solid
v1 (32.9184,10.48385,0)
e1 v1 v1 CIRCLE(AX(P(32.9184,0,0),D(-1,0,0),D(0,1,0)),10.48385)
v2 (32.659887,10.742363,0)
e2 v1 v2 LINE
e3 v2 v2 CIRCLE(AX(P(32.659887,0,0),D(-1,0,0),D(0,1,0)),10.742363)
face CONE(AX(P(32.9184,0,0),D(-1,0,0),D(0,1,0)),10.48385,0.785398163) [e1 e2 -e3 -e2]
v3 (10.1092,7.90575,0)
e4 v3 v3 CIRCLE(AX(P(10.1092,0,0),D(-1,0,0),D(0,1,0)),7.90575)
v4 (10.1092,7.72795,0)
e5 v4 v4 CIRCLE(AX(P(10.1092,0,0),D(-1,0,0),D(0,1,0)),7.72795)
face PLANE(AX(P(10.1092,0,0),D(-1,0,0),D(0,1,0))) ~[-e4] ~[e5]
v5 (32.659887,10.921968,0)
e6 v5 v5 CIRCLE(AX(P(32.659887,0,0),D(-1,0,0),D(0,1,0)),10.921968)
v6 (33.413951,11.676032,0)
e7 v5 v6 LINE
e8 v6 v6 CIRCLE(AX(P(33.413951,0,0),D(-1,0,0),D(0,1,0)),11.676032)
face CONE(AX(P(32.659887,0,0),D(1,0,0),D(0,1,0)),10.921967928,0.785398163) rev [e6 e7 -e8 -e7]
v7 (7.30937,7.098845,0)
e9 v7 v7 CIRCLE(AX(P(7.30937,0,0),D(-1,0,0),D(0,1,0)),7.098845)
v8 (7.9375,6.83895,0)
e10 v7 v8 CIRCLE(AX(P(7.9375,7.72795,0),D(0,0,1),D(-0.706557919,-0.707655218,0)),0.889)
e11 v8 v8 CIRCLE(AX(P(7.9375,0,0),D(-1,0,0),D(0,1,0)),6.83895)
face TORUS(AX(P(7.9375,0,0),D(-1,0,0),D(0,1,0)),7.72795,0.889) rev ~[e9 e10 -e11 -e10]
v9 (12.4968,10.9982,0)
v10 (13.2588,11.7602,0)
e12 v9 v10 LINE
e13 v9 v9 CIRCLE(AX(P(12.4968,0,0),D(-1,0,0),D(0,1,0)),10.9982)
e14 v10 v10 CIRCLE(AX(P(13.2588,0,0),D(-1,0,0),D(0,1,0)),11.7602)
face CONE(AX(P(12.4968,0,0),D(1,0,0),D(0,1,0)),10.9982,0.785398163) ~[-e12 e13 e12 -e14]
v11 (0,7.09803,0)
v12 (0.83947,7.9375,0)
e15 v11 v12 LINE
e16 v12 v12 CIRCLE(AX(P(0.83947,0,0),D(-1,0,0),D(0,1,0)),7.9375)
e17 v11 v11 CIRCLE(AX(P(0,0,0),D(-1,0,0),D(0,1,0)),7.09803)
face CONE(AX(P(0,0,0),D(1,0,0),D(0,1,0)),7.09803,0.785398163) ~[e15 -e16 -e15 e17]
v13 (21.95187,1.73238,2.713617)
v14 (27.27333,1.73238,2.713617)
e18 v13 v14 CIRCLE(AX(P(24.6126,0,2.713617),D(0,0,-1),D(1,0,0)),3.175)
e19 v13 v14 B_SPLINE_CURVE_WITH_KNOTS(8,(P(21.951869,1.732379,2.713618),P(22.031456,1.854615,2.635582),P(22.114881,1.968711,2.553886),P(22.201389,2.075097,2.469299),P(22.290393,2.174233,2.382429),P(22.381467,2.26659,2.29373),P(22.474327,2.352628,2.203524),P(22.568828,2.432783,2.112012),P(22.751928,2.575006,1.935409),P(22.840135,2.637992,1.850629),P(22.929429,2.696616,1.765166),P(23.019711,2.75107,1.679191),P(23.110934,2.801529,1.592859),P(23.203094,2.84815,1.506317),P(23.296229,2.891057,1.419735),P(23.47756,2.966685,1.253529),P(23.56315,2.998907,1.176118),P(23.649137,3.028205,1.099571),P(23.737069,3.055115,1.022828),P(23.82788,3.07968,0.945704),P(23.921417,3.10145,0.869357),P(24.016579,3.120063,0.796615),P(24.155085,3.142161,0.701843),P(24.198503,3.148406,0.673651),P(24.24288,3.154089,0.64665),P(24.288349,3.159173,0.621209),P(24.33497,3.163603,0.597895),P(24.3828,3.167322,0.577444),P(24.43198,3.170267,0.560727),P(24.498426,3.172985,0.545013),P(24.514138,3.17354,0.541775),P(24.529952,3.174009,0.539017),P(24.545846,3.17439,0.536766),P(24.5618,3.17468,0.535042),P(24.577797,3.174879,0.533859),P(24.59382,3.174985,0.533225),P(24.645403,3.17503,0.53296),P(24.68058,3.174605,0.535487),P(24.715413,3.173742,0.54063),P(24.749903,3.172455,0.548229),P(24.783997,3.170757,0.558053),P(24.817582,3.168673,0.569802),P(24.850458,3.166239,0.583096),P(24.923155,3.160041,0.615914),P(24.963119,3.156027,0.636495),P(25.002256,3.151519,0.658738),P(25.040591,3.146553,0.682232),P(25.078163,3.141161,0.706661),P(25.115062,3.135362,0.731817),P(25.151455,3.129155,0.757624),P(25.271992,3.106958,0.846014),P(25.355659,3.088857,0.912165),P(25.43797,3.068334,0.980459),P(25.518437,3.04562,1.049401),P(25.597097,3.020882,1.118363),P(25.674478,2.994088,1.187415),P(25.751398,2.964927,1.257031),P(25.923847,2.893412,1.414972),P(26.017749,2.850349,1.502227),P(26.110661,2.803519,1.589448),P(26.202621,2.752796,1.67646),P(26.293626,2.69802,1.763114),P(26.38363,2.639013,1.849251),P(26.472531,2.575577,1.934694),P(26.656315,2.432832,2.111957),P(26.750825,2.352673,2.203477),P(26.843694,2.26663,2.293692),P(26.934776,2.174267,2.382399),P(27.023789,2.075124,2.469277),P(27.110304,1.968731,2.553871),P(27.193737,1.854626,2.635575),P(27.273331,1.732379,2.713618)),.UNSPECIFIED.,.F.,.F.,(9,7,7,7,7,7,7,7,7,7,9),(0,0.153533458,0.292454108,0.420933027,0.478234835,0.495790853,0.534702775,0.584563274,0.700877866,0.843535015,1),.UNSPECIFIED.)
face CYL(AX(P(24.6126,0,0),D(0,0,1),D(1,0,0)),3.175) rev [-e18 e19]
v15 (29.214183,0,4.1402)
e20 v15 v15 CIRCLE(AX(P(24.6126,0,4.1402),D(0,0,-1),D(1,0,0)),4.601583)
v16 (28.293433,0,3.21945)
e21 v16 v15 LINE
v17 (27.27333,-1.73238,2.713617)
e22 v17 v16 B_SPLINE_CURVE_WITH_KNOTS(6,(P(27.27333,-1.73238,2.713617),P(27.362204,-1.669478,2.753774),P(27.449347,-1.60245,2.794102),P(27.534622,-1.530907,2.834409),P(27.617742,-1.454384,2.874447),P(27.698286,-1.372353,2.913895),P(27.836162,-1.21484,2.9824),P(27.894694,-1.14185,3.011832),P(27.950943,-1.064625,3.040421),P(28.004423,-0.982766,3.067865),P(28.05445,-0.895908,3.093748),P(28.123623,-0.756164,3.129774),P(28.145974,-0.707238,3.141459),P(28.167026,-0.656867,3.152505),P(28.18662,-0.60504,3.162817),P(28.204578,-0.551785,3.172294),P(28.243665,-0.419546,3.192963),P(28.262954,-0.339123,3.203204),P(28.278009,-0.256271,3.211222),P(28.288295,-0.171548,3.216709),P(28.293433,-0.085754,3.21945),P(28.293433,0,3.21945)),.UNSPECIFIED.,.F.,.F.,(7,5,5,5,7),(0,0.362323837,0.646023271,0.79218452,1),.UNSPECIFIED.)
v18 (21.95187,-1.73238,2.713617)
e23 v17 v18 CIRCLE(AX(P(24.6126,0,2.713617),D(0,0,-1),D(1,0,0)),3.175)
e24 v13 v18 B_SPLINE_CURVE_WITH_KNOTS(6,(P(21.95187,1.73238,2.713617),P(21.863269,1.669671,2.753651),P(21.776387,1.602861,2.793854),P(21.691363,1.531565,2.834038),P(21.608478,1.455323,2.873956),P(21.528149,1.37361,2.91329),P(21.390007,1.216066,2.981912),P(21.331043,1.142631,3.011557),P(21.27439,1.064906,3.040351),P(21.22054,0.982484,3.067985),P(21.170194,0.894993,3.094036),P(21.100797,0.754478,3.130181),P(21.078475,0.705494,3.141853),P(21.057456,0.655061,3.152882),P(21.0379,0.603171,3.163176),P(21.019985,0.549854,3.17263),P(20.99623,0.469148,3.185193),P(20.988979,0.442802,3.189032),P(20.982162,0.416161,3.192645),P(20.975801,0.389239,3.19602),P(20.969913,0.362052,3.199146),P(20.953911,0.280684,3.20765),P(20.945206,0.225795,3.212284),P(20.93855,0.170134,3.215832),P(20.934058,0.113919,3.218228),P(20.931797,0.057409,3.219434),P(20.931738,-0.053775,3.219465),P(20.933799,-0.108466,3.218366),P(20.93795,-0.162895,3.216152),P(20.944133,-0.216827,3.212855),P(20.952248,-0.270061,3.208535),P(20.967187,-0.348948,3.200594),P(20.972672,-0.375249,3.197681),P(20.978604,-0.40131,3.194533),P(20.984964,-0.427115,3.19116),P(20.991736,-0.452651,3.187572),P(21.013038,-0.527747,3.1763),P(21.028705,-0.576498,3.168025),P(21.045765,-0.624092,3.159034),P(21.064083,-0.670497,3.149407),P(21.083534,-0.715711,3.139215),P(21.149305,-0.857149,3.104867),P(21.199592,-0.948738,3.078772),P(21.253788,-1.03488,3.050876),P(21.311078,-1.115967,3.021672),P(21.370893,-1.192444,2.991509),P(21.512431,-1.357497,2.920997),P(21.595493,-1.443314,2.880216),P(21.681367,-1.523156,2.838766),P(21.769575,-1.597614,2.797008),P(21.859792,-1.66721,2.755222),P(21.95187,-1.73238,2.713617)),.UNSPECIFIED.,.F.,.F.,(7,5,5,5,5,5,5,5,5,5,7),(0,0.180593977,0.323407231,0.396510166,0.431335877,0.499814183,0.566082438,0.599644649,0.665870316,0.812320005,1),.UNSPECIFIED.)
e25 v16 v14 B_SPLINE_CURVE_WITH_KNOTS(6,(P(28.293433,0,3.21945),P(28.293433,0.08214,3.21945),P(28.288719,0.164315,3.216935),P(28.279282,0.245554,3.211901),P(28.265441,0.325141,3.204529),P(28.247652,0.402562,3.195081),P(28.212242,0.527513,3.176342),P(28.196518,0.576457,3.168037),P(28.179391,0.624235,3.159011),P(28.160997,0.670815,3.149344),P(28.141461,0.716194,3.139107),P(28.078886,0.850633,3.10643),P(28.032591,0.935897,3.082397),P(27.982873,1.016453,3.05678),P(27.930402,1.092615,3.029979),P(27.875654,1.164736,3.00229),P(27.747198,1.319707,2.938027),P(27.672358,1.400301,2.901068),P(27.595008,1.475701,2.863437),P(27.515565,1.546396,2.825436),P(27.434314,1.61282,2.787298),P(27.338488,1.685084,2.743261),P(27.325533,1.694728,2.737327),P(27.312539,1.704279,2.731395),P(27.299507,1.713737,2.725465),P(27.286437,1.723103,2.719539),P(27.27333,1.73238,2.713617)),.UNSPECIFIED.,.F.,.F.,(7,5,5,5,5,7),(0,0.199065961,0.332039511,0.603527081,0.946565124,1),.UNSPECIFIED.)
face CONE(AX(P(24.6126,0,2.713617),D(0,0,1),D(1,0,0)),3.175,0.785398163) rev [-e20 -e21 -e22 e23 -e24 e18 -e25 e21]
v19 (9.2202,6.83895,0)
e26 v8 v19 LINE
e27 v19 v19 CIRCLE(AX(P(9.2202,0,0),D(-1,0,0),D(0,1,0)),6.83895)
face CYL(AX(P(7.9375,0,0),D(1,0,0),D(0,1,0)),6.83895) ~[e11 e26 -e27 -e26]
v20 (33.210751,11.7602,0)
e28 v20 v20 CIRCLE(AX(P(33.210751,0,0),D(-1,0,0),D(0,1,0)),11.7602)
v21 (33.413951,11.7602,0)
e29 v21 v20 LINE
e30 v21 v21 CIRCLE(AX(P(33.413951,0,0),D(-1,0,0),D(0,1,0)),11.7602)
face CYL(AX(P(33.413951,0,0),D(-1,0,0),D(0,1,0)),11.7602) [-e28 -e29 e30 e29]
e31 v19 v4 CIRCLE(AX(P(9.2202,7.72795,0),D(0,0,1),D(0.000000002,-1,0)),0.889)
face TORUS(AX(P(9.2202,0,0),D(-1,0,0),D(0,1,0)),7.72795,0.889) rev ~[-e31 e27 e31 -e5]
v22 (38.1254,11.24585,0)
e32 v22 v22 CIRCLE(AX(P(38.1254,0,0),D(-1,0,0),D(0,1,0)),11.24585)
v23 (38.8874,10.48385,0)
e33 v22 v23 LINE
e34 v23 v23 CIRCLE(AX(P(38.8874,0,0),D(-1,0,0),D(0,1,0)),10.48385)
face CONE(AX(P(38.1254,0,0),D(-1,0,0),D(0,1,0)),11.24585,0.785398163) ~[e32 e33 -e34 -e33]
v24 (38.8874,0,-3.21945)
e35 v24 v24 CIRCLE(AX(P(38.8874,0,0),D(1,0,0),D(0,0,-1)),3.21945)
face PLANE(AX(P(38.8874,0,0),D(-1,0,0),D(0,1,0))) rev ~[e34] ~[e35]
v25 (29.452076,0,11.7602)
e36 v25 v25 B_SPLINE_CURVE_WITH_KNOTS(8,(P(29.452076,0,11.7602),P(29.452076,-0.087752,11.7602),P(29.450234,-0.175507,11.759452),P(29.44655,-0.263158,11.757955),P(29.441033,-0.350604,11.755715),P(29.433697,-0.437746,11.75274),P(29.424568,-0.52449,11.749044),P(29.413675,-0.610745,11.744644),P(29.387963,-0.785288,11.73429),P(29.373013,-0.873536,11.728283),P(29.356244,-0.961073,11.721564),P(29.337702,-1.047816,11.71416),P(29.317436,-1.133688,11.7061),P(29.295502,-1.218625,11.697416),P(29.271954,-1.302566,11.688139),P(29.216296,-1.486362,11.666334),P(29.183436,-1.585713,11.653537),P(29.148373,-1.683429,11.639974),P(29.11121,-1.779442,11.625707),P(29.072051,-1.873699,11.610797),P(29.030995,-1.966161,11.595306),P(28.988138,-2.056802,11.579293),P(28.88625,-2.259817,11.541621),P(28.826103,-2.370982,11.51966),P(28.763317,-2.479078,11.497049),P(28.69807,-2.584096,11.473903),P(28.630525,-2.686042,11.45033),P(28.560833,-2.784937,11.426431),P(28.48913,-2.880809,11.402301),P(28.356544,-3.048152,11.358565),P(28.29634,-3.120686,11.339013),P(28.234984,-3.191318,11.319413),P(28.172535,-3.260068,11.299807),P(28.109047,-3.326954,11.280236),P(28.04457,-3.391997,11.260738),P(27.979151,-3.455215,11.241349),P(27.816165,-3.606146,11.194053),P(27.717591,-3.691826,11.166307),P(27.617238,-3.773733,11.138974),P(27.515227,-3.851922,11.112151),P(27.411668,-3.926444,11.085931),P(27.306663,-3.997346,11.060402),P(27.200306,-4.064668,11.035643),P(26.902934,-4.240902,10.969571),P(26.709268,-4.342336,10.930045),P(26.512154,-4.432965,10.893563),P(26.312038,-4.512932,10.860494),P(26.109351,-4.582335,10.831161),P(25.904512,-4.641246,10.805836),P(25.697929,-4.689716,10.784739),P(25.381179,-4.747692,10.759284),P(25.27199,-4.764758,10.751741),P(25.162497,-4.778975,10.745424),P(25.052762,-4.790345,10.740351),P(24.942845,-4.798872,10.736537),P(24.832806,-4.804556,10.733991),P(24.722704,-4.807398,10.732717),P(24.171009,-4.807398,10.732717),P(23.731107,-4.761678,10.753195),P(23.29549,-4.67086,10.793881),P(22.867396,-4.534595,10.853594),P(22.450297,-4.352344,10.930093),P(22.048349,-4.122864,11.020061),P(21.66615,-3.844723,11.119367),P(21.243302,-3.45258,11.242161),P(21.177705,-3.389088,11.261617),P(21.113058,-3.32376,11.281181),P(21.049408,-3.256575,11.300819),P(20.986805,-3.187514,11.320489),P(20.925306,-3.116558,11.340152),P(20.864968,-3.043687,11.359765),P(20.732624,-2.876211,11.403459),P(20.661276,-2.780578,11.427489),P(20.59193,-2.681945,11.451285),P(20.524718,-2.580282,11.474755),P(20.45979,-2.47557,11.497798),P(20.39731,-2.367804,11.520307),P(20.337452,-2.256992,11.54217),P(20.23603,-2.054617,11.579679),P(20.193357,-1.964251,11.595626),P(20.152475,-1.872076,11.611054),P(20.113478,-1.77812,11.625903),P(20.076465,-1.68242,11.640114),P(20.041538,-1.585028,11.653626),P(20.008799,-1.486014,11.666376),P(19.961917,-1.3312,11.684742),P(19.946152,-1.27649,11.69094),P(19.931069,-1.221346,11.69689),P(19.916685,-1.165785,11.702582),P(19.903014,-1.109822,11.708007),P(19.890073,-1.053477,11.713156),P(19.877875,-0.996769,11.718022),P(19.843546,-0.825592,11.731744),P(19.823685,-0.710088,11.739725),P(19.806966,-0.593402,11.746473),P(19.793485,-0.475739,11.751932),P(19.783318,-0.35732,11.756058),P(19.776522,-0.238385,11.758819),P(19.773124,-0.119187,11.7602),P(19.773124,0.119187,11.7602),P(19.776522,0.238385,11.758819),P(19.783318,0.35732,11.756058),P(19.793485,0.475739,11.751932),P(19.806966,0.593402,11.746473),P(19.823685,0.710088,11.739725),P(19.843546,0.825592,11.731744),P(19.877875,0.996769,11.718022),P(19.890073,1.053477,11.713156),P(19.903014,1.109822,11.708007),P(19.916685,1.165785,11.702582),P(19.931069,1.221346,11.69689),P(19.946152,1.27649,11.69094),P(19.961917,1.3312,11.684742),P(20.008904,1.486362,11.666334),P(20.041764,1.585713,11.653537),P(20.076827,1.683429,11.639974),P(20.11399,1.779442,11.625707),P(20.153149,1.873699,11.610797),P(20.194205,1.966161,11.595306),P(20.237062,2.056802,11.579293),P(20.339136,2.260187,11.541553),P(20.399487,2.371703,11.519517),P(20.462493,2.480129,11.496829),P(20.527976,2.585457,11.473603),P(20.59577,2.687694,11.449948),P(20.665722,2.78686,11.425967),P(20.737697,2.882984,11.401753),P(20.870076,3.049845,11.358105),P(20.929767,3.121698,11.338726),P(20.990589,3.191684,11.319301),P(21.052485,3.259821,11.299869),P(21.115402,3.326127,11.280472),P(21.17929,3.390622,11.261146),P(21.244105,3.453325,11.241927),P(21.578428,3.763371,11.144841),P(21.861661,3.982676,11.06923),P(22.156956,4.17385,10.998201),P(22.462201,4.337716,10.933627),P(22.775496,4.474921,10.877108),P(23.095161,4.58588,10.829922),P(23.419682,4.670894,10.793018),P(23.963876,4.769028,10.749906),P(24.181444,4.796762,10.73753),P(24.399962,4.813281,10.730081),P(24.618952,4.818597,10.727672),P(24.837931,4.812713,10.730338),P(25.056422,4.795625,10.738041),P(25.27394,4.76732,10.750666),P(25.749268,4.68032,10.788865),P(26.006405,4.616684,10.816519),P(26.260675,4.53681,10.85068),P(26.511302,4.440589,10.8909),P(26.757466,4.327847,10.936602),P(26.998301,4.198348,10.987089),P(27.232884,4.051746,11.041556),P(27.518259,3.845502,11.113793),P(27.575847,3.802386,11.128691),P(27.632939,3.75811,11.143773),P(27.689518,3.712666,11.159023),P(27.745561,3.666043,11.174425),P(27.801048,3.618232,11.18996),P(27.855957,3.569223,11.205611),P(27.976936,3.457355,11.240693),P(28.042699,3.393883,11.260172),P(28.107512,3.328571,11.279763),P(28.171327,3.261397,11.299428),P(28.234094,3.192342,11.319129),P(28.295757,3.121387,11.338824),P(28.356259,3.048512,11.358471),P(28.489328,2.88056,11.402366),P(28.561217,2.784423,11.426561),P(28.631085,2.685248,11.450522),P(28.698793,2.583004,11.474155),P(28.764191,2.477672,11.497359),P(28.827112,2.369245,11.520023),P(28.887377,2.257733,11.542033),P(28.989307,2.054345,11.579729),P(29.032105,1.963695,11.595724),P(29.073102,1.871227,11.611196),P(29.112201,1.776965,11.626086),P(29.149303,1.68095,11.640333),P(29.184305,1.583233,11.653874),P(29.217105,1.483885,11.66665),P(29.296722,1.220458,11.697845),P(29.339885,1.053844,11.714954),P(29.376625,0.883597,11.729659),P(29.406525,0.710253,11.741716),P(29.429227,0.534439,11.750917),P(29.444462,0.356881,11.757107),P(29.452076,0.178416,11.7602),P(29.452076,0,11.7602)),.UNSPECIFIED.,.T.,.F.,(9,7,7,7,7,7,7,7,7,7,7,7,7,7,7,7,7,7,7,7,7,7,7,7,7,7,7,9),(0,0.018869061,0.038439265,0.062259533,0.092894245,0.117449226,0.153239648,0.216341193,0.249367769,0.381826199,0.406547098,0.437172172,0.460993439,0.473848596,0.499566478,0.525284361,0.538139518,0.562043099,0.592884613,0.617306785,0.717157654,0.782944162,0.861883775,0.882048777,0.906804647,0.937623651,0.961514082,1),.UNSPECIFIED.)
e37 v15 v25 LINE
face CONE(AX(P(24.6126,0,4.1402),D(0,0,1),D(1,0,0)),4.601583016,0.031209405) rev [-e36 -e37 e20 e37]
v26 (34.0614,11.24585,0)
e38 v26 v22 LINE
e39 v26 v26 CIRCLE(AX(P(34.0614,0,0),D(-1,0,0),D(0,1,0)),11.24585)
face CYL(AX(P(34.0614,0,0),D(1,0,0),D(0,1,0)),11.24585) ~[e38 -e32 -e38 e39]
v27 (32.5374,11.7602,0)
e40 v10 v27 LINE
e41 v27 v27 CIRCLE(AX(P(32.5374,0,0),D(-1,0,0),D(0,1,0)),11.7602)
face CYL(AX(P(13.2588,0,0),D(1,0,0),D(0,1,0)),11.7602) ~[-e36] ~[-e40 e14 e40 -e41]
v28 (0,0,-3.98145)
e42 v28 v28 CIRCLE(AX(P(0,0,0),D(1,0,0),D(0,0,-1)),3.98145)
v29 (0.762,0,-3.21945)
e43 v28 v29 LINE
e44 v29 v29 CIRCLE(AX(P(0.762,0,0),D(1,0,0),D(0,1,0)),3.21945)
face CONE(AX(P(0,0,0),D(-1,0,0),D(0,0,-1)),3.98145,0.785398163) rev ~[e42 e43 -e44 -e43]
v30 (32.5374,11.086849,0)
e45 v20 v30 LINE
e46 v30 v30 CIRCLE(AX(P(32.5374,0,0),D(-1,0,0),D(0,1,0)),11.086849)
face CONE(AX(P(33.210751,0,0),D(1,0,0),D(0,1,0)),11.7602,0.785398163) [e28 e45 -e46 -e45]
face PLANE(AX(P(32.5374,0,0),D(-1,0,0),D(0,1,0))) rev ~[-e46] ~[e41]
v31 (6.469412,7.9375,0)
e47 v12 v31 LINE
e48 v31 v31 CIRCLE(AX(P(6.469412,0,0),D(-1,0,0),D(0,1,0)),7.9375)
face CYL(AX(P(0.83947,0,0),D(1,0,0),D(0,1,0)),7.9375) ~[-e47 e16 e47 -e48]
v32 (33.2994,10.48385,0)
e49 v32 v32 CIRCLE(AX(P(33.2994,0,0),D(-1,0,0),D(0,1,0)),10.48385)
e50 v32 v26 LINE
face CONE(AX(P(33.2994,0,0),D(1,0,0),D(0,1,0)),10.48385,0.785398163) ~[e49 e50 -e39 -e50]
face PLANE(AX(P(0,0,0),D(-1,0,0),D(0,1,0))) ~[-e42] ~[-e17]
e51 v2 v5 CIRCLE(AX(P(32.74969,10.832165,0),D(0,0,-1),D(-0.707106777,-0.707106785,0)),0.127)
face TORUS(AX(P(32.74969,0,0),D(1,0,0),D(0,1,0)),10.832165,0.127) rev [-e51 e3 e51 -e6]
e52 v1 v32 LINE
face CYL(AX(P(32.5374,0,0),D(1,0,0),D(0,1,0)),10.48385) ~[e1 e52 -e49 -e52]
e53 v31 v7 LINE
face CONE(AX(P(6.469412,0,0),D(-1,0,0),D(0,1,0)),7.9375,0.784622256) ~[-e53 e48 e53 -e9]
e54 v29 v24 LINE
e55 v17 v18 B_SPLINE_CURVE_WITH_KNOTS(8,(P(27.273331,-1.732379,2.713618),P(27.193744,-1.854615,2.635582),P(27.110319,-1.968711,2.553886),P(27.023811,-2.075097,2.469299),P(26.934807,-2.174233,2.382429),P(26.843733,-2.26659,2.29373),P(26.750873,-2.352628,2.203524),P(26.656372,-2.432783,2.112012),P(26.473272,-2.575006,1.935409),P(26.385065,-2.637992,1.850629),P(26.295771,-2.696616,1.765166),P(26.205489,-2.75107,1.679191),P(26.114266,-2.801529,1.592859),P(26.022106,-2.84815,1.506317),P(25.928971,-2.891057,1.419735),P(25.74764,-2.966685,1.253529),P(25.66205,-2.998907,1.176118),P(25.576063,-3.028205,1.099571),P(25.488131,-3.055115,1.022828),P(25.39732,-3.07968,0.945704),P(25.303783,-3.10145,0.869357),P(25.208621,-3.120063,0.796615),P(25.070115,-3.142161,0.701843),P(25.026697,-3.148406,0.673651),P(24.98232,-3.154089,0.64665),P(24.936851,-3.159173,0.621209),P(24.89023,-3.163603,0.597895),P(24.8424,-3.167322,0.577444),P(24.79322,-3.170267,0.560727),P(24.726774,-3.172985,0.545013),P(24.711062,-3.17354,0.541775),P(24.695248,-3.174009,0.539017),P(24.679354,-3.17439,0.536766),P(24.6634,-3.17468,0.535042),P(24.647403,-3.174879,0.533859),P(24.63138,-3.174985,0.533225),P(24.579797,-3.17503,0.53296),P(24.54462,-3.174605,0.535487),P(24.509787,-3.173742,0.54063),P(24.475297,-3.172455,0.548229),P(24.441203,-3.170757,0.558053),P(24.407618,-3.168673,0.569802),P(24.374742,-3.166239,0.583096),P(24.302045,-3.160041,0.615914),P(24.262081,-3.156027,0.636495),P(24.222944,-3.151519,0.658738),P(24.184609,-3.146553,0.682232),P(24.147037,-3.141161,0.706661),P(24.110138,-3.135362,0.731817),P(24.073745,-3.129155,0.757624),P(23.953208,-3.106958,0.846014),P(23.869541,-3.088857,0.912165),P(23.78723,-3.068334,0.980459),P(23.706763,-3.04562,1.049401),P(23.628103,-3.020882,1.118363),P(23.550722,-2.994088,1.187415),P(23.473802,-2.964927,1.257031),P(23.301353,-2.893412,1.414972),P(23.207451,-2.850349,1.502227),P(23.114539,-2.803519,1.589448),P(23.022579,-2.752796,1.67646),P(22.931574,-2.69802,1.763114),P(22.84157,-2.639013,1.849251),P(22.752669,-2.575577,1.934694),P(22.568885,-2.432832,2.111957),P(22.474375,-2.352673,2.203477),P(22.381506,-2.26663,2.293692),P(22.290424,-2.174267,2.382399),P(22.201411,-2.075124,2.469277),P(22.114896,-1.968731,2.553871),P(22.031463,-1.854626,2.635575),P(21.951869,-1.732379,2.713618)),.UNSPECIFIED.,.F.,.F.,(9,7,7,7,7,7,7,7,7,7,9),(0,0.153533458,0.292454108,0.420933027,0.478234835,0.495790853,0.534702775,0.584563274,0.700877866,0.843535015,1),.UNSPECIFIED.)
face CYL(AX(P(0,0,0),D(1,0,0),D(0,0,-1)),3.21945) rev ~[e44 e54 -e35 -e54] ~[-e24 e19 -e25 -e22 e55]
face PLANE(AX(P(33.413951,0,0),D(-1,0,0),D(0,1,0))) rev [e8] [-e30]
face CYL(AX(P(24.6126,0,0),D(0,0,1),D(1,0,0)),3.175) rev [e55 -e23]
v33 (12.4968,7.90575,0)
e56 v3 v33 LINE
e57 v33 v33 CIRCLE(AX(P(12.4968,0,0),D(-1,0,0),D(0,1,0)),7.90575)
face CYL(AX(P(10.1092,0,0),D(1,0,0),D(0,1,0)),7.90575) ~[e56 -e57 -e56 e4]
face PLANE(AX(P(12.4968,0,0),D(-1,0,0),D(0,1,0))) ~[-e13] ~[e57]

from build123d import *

# Parameters (mm, degrees)
HOLE1_D           = 6.4389
HOLE1_CSINK_D     = 7.9629
HOLE1_CSINK_ANGLE = 90


with BuildPart() as part:
    # Sketch1 → Revolve1 (revolve)
    with BuildSketch(Plane.XY):
        with BuildLine():
            Line((0, 0), (0, 7.09803))
            Line((0, 7.09803), (0.83947, 7.9375))
            Line((0.83947, 7.9375), (6.469412072, 7.9375))
            Line((6.469412072, 7.9375), (7.30937001, 7.098844511))
            ThreePointArc((7.30937001, 7.098844511), (7.597613092, 6.906489173), (7.9375, 6.83895))
            Line((7.9375, 6.83895), (9.2202, 6.83895))
            ThreePointArc((9.2202, 6.83895), (9.848817928, 7.099332072), (10.1092, 7.72795))
            Line((10.1092, 7.72795), (10.1092, 7.90575))
            Line((10.1092, 7.90575), (12.4968, 7.90575))
            Line((12.4968, 7.90575), (12.4968, 0))
            Line((12.4968, 0), (0, 0))
        make_face()
    revolve(axis=Axis((12.4968, 0, 0), (-1, 0, 0)))

    # Sketch2 → Revolve2 (revolve)
    with BuildSketch(Plane.XY):
        Polygon((12.4968, 0), (12.4968, 10.9982), (13.2588, 11.7602), (32.5374, 11.7602), (32.5374, 10.48385), (33.2994, 10.48385), (34.0614, 11.24585), (38.1254, 11.24585), (38.8874, 10.48385), (38.8874, 0), align=None)
    revolve(axis=Axis((38.8874, 0, 0), (-1, 0, 0)))

    # Hole1 (through all)
    with Locations(Plane.ZY):
        with Locations((0, 0)):
            CounterSinkHole(HOLE1_D / 2, HOLE1_CSINK_D / 2, counter_sink_angle=HOLE1_CSINK_ANGLE)

    # Sketch5 → Cut-Revolve1 (revolve, cut)
    with BuildSketch(Plane(origin=(0, 0, 0), x_dir=(1, 0, 0), z_dir=(0, 1, 0))):
        Polygon((24.6126, 0), (27.7876, 0), (27.7876, -2.713616984), (29.214183016, -4.1402), (29.452075925, -11.7602), (24.6126, -11.7602), align=None)
    revolve(axis=Axis((24.6126, 0, 11.7602), (0, 0, -1)), mode=Mode.SUBTRACT)

    # Sketch6 → Revolve3 (revolve)
    with BuildSketch(Plane.XY):
        with BuildLine():
            Line((32.5374, 10.22985), (33.2994, 10.22985))
            Line((33.2994, 10.22985), (33.2994, 10.48385))
            Line((33.2994, 10.48385), (32.9184, 10.48385))
            Line((32.9184, 10.48385), (32.659887194, 10.742362806))
            ThreePointArc((32.659887194, 10.742362806), (32.622689755, 10.832165367), (32.659887194, 10.921967928))
            Line((32.659887194, 10.921967928), (33.41395107, 11.676031804))
            Line((33.41395107, 11.676031804), (33.41395107, 11.7602))
            Line((33.41395107, 11.7602), (33.21075107, 11.7602))
            Line((33.21075107, 11.7602), (32.5374, 11.08684893))
            Line((32.5374, 11.08684893), (32.5374, 10.22985))
        make_face()
    revolve(axis=Axis((33.2994, 0, 0), (-1, 0, 0)))


solid = part.part
